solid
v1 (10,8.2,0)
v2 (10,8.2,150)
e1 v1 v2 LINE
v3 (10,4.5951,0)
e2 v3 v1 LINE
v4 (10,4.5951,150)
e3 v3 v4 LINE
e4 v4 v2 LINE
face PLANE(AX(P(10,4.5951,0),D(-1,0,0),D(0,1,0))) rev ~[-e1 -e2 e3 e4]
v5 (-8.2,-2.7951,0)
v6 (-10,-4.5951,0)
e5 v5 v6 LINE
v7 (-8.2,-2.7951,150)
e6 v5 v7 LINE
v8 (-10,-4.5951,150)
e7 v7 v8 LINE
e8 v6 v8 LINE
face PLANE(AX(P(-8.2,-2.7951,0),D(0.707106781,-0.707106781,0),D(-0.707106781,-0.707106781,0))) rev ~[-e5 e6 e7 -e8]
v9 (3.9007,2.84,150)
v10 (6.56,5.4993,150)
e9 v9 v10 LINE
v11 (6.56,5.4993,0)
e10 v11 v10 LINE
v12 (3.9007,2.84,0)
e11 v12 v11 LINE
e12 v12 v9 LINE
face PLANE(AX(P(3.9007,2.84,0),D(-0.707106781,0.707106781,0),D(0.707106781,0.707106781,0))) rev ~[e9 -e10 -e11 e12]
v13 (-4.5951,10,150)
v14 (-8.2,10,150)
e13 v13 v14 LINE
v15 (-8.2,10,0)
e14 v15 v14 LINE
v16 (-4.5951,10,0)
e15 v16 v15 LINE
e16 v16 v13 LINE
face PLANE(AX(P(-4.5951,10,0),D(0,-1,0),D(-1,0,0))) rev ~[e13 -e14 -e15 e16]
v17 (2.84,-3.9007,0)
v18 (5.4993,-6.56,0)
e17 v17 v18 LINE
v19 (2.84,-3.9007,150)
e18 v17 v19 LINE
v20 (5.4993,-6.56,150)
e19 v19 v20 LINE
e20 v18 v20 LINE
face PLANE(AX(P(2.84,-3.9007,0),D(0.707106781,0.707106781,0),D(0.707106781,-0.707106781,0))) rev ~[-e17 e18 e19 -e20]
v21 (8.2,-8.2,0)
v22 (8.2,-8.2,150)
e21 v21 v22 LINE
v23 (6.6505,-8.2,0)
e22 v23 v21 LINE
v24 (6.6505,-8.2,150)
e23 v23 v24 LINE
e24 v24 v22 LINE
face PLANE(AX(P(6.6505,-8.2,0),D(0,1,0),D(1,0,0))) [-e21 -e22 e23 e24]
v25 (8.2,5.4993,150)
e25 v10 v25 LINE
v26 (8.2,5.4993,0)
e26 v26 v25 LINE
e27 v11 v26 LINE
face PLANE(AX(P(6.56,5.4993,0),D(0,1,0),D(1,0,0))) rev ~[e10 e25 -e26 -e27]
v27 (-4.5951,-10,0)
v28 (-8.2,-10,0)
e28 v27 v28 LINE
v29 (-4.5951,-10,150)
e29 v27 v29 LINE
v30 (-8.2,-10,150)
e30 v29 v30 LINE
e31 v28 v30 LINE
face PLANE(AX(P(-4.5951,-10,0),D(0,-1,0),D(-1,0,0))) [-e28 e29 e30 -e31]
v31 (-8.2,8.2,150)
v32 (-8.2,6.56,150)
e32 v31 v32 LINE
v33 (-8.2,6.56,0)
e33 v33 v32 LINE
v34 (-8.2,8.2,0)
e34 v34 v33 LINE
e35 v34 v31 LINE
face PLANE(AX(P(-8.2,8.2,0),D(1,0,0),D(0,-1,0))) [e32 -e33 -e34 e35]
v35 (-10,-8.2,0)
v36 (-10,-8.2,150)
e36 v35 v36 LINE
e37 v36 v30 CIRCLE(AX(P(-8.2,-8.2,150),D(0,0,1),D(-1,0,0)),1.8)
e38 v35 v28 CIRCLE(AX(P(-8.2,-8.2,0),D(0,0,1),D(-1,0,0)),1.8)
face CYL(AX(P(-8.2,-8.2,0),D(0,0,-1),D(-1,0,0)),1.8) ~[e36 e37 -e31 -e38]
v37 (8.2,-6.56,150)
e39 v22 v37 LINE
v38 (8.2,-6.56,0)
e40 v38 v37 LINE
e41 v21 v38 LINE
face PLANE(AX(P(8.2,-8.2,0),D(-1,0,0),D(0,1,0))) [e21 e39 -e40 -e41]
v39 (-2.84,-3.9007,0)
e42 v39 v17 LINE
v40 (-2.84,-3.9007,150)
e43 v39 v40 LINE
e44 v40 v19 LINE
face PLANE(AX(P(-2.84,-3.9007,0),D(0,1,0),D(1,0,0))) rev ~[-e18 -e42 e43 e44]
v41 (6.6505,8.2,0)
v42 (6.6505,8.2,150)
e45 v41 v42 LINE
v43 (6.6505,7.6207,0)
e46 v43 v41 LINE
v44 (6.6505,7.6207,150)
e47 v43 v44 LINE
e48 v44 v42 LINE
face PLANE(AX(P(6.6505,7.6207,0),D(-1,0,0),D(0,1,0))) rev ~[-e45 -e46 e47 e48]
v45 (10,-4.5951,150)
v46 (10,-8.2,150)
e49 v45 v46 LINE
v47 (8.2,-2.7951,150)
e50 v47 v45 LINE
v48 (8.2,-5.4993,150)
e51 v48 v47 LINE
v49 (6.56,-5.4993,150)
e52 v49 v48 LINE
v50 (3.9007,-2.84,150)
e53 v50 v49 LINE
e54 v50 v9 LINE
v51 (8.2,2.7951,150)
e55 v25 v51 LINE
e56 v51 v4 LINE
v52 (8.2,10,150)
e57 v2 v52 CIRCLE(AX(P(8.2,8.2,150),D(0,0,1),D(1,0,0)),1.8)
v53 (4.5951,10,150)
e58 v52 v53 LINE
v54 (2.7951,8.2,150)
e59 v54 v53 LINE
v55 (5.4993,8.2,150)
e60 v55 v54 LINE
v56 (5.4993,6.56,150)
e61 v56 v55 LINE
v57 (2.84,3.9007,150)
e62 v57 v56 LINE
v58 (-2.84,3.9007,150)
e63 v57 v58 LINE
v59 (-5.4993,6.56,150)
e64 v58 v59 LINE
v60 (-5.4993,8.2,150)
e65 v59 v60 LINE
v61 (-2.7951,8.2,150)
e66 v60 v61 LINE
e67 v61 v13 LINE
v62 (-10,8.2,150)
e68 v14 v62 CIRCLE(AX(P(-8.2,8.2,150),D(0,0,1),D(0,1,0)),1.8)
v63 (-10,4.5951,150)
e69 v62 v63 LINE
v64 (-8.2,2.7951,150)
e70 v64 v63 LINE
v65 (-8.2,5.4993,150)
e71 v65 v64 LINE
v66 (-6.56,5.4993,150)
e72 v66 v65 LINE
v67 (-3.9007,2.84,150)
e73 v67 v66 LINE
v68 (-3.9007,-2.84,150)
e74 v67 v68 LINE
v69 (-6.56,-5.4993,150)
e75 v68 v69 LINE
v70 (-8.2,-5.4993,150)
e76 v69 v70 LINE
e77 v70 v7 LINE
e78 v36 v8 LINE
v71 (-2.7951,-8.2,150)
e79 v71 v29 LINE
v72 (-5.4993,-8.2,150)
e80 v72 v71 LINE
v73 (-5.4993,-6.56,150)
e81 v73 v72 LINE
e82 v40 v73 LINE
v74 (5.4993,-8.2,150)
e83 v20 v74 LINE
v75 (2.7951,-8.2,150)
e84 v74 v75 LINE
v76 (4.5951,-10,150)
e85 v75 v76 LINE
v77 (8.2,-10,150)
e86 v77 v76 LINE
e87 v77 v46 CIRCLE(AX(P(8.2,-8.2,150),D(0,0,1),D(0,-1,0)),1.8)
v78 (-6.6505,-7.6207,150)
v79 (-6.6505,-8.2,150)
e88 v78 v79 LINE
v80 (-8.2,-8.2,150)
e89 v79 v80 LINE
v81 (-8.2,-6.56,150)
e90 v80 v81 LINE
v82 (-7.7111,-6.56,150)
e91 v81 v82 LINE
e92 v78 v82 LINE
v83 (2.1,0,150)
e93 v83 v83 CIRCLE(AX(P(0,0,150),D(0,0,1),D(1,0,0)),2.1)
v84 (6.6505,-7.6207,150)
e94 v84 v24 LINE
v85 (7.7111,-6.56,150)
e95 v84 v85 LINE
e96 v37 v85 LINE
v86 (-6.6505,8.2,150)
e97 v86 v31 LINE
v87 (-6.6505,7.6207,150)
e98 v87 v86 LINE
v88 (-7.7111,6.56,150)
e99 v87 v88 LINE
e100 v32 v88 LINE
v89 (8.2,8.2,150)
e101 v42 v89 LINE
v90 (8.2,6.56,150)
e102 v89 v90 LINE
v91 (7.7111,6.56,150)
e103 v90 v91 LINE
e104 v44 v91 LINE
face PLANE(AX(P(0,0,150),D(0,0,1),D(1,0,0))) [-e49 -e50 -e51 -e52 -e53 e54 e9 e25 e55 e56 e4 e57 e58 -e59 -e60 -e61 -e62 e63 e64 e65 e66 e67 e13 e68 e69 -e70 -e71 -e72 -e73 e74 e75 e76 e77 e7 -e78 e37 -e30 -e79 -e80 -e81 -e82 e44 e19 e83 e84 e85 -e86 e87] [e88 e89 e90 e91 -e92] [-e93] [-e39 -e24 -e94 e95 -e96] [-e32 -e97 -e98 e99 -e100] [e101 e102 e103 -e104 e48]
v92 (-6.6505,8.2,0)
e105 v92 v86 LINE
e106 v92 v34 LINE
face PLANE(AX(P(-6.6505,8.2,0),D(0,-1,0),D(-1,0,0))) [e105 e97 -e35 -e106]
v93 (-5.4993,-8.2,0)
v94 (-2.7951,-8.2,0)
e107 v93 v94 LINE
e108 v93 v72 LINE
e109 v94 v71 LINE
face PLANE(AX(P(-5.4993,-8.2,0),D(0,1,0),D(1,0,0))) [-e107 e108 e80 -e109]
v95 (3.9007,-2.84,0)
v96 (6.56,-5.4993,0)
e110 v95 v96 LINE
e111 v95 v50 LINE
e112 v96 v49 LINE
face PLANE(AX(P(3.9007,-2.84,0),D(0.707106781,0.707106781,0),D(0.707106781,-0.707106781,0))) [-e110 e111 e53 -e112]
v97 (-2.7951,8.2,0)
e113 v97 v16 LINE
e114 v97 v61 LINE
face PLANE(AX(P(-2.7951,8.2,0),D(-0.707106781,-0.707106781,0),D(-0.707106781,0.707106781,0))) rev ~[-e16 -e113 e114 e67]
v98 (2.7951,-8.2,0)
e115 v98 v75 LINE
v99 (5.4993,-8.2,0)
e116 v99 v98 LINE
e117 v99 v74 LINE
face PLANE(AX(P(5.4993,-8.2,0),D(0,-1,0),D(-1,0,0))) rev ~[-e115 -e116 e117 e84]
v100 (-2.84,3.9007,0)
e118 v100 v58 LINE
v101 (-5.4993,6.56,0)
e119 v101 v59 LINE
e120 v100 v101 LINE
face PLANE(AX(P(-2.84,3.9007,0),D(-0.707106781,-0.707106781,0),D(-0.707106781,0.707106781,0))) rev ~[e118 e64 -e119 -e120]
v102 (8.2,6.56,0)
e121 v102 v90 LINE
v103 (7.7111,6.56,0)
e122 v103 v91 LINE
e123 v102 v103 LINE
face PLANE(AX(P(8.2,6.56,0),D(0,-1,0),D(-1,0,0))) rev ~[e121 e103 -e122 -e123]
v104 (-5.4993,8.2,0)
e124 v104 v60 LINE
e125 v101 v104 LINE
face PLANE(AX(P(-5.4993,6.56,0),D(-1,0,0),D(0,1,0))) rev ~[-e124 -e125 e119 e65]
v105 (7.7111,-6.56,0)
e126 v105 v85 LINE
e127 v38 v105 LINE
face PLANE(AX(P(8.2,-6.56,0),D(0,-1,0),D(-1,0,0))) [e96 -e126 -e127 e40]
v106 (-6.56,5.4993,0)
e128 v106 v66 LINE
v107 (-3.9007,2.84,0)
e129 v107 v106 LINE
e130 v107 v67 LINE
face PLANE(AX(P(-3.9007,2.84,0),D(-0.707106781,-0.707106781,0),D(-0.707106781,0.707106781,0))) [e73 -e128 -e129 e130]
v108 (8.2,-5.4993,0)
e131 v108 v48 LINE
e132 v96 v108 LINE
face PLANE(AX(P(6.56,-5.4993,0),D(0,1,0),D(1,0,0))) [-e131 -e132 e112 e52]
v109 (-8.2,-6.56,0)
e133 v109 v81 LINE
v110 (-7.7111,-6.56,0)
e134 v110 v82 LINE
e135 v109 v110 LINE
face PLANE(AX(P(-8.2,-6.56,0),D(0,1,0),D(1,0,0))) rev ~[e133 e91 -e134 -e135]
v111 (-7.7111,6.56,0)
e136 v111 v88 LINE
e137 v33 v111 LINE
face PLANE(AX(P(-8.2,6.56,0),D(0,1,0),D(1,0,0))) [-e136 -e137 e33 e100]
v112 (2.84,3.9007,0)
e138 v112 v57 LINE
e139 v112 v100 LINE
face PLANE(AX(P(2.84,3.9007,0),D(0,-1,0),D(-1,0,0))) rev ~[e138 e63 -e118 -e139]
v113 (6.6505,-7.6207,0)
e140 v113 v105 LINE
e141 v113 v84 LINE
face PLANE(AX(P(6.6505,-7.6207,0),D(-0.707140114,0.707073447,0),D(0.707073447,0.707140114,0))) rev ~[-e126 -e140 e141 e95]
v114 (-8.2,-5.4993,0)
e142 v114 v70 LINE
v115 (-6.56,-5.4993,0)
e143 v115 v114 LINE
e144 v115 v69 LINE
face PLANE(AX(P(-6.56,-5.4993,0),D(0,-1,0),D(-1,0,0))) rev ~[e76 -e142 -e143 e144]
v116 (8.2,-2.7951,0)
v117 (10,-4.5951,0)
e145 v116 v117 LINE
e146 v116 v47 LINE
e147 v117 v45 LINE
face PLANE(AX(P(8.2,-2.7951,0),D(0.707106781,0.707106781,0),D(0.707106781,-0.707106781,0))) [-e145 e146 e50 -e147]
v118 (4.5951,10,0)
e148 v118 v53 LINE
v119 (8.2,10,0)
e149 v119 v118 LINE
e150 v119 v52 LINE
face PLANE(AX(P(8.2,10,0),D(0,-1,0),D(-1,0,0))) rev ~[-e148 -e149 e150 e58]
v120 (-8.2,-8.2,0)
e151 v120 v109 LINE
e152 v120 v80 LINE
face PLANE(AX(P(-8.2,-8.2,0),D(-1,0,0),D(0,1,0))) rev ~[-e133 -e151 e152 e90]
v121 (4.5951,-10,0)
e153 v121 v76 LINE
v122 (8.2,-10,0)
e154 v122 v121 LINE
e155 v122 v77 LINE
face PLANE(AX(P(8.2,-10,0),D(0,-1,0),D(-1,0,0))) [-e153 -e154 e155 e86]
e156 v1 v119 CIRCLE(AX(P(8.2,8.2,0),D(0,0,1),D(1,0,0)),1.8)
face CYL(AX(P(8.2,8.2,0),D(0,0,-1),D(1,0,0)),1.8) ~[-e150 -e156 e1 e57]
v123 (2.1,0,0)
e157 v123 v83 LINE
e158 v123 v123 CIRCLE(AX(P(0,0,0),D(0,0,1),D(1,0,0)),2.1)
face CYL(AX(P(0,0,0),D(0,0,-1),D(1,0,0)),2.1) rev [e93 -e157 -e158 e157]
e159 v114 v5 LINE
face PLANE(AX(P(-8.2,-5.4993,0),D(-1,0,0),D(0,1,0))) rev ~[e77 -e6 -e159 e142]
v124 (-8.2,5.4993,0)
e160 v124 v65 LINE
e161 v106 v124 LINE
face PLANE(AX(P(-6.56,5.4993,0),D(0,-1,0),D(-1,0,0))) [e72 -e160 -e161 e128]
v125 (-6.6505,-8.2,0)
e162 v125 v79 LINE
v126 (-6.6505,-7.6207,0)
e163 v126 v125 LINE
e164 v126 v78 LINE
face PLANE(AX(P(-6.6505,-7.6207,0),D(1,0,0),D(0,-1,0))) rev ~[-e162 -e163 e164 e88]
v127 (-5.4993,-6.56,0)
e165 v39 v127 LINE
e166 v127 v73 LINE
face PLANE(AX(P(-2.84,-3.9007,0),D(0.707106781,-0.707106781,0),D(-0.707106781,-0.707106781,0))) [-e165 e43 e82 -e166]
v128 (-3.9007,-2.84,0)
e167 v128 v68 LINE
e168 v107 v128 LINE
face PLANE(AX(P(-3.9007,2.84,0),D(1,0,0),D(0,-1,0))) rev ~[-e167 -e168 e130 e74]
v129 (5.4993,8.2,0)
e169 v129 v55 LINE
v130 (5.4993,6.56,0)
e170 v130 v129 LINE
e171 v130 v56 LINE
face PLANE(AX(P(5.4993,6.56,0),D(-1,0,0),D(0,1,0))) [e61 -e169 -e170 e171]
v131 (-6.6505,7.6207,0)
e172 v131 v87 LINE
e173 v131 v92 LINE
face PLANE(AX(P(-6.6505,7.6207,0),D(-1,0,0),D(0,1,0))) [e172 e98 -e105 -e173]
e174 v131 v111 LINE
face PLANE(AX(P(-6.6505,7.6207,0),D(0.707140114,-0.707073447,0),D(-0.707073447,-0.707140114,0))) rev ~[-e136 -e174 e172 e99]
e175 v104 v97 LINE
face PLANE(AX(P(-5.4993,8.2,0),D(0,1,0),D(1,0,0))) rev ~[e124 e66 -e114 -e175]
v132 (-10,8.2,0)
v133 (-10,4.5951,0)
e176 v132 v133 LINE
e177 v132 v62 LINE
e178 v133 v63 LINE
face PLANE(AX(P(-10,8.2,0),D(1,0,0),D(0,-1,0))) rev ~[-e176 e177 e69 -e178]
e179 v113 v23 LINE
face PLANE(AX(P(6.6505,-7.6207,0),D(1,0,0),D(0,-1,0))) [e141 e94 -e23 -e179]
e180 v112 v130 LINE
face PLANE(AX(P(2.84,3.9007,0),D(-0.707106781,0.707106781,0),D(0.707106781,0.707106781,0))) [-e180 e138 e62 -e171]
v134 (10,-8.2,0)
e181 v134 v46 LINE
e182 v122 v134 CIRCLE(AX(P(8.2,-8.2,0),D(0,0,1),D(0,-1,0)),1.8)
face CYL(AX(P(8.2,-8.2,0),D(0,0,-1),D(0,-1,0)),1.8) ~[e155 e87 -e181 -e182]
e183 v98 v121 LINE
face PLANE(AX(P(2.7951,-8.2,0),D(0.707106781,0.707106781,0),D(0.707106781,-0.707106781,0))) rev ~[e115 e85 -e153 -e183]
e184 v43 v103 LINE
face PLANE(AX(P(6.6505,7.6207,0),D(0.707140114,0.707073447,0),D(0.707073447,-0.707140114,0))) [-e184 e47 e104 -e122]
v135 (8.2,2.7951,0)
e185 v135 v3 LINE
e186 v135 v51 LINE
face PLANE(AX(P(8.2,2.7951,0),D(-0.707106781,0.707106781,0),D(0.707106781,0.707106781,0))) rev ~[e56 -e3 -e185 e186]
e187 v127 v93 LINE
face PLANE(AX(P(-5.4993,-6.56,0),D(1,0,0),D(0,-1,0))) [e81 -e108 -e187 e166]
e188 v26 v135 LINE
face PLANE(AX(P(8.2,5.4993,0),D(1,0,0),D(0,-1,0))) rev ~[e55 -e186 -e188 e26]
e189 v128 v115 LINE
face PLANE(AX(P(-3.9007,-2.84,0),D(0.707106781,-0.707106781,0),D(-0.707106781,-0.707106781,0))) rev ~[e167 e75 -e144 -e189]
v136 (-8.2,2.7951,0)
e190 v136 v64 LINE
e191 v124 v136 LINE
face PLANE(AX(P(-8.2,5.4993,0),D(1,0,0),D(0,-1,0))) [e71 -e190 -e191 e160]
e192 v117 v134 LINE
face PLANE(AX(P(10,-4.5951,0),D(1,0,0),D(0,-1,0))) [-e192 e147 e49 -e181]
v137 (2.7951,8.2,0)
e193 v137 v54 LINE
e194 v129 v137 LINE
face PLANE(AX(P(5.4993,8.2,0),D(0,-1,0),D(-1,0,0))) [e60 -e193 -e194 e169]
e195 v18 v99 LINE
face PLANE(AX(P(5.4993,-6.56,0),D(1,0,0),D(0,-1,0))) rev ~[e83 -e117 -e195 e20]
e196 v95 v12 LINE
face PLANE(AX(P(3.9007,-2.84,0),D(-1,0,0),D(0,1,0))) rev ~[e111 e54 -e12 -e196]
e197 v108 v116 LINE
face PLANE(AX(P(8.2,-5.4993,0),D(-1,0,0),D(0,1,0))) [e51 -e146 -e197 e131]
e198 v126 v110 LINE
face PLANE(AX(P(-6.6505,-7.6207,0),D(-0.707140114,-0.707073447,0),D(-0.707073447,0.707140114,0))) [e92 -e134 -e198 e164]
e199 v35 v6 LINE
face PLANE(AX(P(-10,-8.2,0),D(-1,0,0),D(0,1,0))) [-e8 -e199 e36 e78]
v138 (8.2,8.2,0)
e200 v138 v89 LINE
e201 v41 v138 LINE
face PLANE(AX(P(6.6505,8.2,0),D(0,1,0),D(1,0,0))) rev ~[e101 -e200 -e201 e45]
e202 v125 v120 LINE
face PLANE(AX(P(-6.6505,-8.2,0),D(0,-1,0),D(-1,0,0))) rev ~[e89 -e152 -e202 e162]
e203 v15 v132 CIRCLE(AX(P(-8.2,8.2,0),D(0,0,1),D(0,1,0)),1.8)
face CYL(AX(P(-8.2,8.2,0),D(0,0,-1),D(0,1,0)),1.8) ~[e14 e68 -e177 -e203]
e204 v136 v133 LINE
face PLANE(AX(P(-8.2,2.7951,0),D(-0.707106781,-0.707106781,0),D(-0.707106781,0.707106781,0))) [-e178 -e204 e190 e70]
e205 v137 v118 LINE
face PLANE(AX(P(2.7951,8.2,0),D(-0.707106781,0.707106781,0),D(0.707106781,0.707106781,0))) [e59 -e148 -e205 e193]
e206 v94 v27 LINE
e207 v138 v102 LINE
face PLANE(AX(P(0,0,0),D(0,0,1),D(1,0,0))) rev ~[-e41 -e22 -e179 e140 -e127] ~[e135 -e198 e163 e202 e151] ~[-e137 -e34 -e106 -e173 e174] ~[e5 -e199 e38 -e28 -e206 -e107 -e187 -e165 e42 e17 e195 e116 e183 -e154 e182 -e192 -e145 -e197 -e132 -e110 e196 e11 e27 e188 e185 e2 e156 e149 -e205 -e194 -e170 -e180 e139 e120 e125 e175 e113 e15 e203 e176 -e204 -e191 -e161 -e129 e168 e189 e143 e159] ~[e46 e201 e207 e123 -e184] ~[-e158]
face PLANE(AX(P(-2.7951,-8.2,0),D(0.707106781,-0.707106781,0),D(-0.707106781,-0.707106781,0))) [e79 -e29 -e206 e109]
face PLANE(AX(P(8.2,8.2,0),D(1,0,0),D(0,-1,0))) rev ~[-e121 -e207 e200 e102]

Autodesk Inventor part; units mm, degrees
ref_plane "YZ Plane" through (0, 0, 0) normal (1, 0, 0) x (0, 1, 0)
sketch "Sketch1" plane through (0, 0, 0) normal (0, 0, 1) x (1, 0, 0)
  line L0 (10, -4.5951) -> (10, -8.2)
  line L1 (-10, -8.2) -> (-10, -4.5951)
  line L2 (-10, 10) -> (10, -10) construction
  line L3 (10, 10) -> (-10, -10) construction
  circle A0 centre (0, 0) radius 2.1
  line L4 (-2.84, -3.9007) -> (2.84, -3.9007)
  line L5 (3.9007, -2.84) -> (3.9007, 2.84)
  line L6 (2.84, 3.9007) -> (-2.84, 3.9007)
  line L7 (-3.9007, 2.84) -> (-3.9007, -2.84)
  line L8 (-3.9007, -3.9007) -> (3.9007, 3.9007) construction
  line L9 (3.9007, -3.9007) -> (-3.9007, 3.9007) construction
  line L10 (-3.9007, -2.84) -> (-2.84, -3.9007) construction
  line L11 (-2.84, -3.9007) -> (-5.4993, -6.56)
  line L12 (-5.4993, -6.56) -> (-5.4993, -8.2)
  line L13 (-5.4993, -8.2) -> (-2.7951, -8.2)
  line L14 (-2.7951, -8.2) -> (-4.5951, -10)
  line L15 (0, 0) -> (0, -3.9007) construction
  line L16 (3.9007, -2.84) -> (2.84, -3.9007) construction
  line L17 (2.84, -3.9007) -> (5.4993, -6.56)
  line L18 (5.4993, -6.56) -> (5.4993, -8.2)
  line L19 (5.4993, -8.2) -> (2.7951, -8.2)
  line L20 (2.7951, -8.2) -> (4.5951, -10)
  line L21 (-2.84, -3.9007) -> (-3.9007, -2.84) construction
  line L22 (-3.9007, -2.84) -> (-6.56, -5.4993)
  line L23 (-6.56, -5.4993) -> (-8.2, -5.4993)
  line L24 (-8.2, -5.4993) -> (-8.2, -2.7951)
  line L25 (-8.2, -2.7951) -> (-10, -4.5951)
  line L26 (3.9007, -2.84) -> (6.56, -5.4993)
  line L27 (6.56, -5.4993) -> (8.2, -5.4993)
  line L28 (8.2, -5.4993) -> (8.2, -2.7951)
  line L29 (8.2, -2.7951) -> (10, -4.5951)
  arc A1 (-10, -8.2) -> (-8.2, -10) centre (-8.2, -8.2) ccw
  arc A2 (8.2, -10) -> (10, -8.2) centre (8.2, -8.2) ccw
  line L30 (-8.2, -6.56) -> (-7.7111, -6.56)
  line L31 (-6.6505, -8.2) -> (-8.2, -8.2)
  line L32 (-8.2, -8.2) -> (-8.2, -6.56)
  line L33 (-6.6505, -7.6207) -> (-7.7111, -6.56)
  line L34 (-6.6505, -7.6207) -> (-6.6505, -8.2)
  line L35 (8.2, -6.56) -> (7.7111, -6.56)
  line L36 (6.6505, -8.2) -> (8.2, -8.2)
  line L37 (8.2, -8.2) -> (8.2, -6.56)
  line L38 (6.6505, -7.6207) -> (7.7111, -6.56)
  line L39 (6.6505, -7.6207) -> (6.6505, -8.2)
  line L40 (8.2, -10) -> (4.5951, -10)
  line L41 (-4.5951, -10) -> (-8.2, -10)
  line L42 (-3.9007, 0) -> (3.9007, 0) construction
  line L43 (10, 4.5951) -> (10, 8.2)
  line L44 (-10, 8.2) -> (-10, 4.5951)
  line L45 (-2.84, 3.9007) -> (2.84, 3.9007)
  line L46 (-3.9007, 2.84) -> (-2.84, 3.9007) construction
  line L47 (-2.84, 3.9007) -> (-5.4993, 6.56)
  line L48 (-5.4993, 6.56) -> (-5.4993, 8.2)
  line L49 (-5.4993, 8.2) -> (-2.7951, 8.2)
  line L50 (-2.7951, 8.2) -> (-4.5951, 10)
  line L51 (2.84, 3.9007) -> (5.4993, 6.56)
  line L52 (5.4993, 6.56) -> (5.4993, 8.2)
  line L53 (5.4993, 8.2) -> (2.7951, 8.2)
  line L54 (2.7951, 8.2) -> (4.5951, 10)
  line L55 (3.9007, 2.84) -> (2.84, 3.9007) construction
  line L56 (-8.2, 2.7951) -> (-10, 4.5951)
  line L57 (-2.84, 3.9007) -> (-3.9007, 2.84) construction
  line L58 (-3.9007, 2.84) -> (-6.56, 5.4993)
  line L59 (-6.56, 5.4993) -> (-8.2, 5.4993)
  line L60 (-8.2, 5.4993) -> (-8.2, 2.7951)
  line L61 (3.9007, 2.84) -> (6.56, 5.4993)
  line L62 (6.56, 5.4993) -> (8.2, 5.4993)
  line L63 (8.2, 5.4993) -> (8.2, 2.7951)
  line L64 (8.2, 2.7951) -> (10, 4.5951)
  arc A3 (-8.2, 10) -> (-10, 8.2) centre (-8.2, 8.2) ccw
  arc A4 (10, 8.2) -> (8.2, 10) centre (8.2, 8.2) ccw
  line L65 (-8.2, 6.56) -> (-7.7111, 6.56)
  line L66 (-6.6505, 8.2) -> (-8.2, 8.2)
  line L67 (-8.2, 8.2) -> (-8.2, 6.56)
  line L68 (-6.6505, 7.6207) -> (-7.7111, 6.56)
  line L69 (-6.6505, 7.6207) -> (-6.6505, 8.2)
  line L70 (8.2, 6.56) -> (7.7111, 6.56)
  line L71 (6.6505, 7.6207) -> (7.7111, 6.56)
  line L72 (8.2, 8.2) -> (8.2, 6.56)
  line L73 (6.6505, 7.6207) -> (6.6505, 8.2)
  line L74 (6.6505, 8.2) -> (8.2, 8.2)
  line L75 (8.2, 10) -> (4.5951, 10)
  line L76 (-4.5951, 10) -> (-8.2, 10)
  line L77 (-8.2, 10) -> (-4.5951, 10)
  line L78 (4.5951, 10) -> (8.2, 10)
  point P0 (8.2, -8.2)
  point P1 (0, 3.9007)
  point P2 (8.2, 8.2)
  point P3 (0, 2.1)
  point P4 (1.4849, 1.4849)
  point P5 (0, 2.1)
  point P6 (0, 10)
  dimension "Width" = 20
  dimension "Height" = 20
  dimension "d2" = 4.2
  dimension "d3" = 1.5
  dimension "d4" = 1.64
  dimension "d6" = 5.68
  dimension "d7" = 1.8
  dimension "d9" = 1.5
ref_plane "Start Plane" through (0, 0, 0) normal (0, 0, 1) x (1, 0, 0)
ref_plane "End Plane" through (0, 0, 20) normal (0, 0, 1) x (1, 0, 0)
sketch "Sketch4" plane through (0, 0, 0) normal (0, 0, 1) x (1, 0, 0)
  line L0 (0, 0) -> (10, 0)
ref_plane "Work Plane4" through (0, 0, 0) normal (0, -1, 0) x (1, 0, 0)
sketch "Sketch5" plane through (0, 0, 0) normal (0, -1, 0) x (1, 0, 0)
  line L0 (-2, 0) -> (12, 0) construction
  line L1 (-2, 20) -> (12, 20) construction
  dimension "d17" = 20
extrude "Extrusion3" add sketch "Sketch1" along normal blind 150
equation "\"G_OFFSET_START\" = 0"
equation "\"G_OFFSET_END\" = 0"
equation "\"G_L\" = d17"
properties part number "V-slot 20 mm x 20 mm" material "Aluminum 6061"
